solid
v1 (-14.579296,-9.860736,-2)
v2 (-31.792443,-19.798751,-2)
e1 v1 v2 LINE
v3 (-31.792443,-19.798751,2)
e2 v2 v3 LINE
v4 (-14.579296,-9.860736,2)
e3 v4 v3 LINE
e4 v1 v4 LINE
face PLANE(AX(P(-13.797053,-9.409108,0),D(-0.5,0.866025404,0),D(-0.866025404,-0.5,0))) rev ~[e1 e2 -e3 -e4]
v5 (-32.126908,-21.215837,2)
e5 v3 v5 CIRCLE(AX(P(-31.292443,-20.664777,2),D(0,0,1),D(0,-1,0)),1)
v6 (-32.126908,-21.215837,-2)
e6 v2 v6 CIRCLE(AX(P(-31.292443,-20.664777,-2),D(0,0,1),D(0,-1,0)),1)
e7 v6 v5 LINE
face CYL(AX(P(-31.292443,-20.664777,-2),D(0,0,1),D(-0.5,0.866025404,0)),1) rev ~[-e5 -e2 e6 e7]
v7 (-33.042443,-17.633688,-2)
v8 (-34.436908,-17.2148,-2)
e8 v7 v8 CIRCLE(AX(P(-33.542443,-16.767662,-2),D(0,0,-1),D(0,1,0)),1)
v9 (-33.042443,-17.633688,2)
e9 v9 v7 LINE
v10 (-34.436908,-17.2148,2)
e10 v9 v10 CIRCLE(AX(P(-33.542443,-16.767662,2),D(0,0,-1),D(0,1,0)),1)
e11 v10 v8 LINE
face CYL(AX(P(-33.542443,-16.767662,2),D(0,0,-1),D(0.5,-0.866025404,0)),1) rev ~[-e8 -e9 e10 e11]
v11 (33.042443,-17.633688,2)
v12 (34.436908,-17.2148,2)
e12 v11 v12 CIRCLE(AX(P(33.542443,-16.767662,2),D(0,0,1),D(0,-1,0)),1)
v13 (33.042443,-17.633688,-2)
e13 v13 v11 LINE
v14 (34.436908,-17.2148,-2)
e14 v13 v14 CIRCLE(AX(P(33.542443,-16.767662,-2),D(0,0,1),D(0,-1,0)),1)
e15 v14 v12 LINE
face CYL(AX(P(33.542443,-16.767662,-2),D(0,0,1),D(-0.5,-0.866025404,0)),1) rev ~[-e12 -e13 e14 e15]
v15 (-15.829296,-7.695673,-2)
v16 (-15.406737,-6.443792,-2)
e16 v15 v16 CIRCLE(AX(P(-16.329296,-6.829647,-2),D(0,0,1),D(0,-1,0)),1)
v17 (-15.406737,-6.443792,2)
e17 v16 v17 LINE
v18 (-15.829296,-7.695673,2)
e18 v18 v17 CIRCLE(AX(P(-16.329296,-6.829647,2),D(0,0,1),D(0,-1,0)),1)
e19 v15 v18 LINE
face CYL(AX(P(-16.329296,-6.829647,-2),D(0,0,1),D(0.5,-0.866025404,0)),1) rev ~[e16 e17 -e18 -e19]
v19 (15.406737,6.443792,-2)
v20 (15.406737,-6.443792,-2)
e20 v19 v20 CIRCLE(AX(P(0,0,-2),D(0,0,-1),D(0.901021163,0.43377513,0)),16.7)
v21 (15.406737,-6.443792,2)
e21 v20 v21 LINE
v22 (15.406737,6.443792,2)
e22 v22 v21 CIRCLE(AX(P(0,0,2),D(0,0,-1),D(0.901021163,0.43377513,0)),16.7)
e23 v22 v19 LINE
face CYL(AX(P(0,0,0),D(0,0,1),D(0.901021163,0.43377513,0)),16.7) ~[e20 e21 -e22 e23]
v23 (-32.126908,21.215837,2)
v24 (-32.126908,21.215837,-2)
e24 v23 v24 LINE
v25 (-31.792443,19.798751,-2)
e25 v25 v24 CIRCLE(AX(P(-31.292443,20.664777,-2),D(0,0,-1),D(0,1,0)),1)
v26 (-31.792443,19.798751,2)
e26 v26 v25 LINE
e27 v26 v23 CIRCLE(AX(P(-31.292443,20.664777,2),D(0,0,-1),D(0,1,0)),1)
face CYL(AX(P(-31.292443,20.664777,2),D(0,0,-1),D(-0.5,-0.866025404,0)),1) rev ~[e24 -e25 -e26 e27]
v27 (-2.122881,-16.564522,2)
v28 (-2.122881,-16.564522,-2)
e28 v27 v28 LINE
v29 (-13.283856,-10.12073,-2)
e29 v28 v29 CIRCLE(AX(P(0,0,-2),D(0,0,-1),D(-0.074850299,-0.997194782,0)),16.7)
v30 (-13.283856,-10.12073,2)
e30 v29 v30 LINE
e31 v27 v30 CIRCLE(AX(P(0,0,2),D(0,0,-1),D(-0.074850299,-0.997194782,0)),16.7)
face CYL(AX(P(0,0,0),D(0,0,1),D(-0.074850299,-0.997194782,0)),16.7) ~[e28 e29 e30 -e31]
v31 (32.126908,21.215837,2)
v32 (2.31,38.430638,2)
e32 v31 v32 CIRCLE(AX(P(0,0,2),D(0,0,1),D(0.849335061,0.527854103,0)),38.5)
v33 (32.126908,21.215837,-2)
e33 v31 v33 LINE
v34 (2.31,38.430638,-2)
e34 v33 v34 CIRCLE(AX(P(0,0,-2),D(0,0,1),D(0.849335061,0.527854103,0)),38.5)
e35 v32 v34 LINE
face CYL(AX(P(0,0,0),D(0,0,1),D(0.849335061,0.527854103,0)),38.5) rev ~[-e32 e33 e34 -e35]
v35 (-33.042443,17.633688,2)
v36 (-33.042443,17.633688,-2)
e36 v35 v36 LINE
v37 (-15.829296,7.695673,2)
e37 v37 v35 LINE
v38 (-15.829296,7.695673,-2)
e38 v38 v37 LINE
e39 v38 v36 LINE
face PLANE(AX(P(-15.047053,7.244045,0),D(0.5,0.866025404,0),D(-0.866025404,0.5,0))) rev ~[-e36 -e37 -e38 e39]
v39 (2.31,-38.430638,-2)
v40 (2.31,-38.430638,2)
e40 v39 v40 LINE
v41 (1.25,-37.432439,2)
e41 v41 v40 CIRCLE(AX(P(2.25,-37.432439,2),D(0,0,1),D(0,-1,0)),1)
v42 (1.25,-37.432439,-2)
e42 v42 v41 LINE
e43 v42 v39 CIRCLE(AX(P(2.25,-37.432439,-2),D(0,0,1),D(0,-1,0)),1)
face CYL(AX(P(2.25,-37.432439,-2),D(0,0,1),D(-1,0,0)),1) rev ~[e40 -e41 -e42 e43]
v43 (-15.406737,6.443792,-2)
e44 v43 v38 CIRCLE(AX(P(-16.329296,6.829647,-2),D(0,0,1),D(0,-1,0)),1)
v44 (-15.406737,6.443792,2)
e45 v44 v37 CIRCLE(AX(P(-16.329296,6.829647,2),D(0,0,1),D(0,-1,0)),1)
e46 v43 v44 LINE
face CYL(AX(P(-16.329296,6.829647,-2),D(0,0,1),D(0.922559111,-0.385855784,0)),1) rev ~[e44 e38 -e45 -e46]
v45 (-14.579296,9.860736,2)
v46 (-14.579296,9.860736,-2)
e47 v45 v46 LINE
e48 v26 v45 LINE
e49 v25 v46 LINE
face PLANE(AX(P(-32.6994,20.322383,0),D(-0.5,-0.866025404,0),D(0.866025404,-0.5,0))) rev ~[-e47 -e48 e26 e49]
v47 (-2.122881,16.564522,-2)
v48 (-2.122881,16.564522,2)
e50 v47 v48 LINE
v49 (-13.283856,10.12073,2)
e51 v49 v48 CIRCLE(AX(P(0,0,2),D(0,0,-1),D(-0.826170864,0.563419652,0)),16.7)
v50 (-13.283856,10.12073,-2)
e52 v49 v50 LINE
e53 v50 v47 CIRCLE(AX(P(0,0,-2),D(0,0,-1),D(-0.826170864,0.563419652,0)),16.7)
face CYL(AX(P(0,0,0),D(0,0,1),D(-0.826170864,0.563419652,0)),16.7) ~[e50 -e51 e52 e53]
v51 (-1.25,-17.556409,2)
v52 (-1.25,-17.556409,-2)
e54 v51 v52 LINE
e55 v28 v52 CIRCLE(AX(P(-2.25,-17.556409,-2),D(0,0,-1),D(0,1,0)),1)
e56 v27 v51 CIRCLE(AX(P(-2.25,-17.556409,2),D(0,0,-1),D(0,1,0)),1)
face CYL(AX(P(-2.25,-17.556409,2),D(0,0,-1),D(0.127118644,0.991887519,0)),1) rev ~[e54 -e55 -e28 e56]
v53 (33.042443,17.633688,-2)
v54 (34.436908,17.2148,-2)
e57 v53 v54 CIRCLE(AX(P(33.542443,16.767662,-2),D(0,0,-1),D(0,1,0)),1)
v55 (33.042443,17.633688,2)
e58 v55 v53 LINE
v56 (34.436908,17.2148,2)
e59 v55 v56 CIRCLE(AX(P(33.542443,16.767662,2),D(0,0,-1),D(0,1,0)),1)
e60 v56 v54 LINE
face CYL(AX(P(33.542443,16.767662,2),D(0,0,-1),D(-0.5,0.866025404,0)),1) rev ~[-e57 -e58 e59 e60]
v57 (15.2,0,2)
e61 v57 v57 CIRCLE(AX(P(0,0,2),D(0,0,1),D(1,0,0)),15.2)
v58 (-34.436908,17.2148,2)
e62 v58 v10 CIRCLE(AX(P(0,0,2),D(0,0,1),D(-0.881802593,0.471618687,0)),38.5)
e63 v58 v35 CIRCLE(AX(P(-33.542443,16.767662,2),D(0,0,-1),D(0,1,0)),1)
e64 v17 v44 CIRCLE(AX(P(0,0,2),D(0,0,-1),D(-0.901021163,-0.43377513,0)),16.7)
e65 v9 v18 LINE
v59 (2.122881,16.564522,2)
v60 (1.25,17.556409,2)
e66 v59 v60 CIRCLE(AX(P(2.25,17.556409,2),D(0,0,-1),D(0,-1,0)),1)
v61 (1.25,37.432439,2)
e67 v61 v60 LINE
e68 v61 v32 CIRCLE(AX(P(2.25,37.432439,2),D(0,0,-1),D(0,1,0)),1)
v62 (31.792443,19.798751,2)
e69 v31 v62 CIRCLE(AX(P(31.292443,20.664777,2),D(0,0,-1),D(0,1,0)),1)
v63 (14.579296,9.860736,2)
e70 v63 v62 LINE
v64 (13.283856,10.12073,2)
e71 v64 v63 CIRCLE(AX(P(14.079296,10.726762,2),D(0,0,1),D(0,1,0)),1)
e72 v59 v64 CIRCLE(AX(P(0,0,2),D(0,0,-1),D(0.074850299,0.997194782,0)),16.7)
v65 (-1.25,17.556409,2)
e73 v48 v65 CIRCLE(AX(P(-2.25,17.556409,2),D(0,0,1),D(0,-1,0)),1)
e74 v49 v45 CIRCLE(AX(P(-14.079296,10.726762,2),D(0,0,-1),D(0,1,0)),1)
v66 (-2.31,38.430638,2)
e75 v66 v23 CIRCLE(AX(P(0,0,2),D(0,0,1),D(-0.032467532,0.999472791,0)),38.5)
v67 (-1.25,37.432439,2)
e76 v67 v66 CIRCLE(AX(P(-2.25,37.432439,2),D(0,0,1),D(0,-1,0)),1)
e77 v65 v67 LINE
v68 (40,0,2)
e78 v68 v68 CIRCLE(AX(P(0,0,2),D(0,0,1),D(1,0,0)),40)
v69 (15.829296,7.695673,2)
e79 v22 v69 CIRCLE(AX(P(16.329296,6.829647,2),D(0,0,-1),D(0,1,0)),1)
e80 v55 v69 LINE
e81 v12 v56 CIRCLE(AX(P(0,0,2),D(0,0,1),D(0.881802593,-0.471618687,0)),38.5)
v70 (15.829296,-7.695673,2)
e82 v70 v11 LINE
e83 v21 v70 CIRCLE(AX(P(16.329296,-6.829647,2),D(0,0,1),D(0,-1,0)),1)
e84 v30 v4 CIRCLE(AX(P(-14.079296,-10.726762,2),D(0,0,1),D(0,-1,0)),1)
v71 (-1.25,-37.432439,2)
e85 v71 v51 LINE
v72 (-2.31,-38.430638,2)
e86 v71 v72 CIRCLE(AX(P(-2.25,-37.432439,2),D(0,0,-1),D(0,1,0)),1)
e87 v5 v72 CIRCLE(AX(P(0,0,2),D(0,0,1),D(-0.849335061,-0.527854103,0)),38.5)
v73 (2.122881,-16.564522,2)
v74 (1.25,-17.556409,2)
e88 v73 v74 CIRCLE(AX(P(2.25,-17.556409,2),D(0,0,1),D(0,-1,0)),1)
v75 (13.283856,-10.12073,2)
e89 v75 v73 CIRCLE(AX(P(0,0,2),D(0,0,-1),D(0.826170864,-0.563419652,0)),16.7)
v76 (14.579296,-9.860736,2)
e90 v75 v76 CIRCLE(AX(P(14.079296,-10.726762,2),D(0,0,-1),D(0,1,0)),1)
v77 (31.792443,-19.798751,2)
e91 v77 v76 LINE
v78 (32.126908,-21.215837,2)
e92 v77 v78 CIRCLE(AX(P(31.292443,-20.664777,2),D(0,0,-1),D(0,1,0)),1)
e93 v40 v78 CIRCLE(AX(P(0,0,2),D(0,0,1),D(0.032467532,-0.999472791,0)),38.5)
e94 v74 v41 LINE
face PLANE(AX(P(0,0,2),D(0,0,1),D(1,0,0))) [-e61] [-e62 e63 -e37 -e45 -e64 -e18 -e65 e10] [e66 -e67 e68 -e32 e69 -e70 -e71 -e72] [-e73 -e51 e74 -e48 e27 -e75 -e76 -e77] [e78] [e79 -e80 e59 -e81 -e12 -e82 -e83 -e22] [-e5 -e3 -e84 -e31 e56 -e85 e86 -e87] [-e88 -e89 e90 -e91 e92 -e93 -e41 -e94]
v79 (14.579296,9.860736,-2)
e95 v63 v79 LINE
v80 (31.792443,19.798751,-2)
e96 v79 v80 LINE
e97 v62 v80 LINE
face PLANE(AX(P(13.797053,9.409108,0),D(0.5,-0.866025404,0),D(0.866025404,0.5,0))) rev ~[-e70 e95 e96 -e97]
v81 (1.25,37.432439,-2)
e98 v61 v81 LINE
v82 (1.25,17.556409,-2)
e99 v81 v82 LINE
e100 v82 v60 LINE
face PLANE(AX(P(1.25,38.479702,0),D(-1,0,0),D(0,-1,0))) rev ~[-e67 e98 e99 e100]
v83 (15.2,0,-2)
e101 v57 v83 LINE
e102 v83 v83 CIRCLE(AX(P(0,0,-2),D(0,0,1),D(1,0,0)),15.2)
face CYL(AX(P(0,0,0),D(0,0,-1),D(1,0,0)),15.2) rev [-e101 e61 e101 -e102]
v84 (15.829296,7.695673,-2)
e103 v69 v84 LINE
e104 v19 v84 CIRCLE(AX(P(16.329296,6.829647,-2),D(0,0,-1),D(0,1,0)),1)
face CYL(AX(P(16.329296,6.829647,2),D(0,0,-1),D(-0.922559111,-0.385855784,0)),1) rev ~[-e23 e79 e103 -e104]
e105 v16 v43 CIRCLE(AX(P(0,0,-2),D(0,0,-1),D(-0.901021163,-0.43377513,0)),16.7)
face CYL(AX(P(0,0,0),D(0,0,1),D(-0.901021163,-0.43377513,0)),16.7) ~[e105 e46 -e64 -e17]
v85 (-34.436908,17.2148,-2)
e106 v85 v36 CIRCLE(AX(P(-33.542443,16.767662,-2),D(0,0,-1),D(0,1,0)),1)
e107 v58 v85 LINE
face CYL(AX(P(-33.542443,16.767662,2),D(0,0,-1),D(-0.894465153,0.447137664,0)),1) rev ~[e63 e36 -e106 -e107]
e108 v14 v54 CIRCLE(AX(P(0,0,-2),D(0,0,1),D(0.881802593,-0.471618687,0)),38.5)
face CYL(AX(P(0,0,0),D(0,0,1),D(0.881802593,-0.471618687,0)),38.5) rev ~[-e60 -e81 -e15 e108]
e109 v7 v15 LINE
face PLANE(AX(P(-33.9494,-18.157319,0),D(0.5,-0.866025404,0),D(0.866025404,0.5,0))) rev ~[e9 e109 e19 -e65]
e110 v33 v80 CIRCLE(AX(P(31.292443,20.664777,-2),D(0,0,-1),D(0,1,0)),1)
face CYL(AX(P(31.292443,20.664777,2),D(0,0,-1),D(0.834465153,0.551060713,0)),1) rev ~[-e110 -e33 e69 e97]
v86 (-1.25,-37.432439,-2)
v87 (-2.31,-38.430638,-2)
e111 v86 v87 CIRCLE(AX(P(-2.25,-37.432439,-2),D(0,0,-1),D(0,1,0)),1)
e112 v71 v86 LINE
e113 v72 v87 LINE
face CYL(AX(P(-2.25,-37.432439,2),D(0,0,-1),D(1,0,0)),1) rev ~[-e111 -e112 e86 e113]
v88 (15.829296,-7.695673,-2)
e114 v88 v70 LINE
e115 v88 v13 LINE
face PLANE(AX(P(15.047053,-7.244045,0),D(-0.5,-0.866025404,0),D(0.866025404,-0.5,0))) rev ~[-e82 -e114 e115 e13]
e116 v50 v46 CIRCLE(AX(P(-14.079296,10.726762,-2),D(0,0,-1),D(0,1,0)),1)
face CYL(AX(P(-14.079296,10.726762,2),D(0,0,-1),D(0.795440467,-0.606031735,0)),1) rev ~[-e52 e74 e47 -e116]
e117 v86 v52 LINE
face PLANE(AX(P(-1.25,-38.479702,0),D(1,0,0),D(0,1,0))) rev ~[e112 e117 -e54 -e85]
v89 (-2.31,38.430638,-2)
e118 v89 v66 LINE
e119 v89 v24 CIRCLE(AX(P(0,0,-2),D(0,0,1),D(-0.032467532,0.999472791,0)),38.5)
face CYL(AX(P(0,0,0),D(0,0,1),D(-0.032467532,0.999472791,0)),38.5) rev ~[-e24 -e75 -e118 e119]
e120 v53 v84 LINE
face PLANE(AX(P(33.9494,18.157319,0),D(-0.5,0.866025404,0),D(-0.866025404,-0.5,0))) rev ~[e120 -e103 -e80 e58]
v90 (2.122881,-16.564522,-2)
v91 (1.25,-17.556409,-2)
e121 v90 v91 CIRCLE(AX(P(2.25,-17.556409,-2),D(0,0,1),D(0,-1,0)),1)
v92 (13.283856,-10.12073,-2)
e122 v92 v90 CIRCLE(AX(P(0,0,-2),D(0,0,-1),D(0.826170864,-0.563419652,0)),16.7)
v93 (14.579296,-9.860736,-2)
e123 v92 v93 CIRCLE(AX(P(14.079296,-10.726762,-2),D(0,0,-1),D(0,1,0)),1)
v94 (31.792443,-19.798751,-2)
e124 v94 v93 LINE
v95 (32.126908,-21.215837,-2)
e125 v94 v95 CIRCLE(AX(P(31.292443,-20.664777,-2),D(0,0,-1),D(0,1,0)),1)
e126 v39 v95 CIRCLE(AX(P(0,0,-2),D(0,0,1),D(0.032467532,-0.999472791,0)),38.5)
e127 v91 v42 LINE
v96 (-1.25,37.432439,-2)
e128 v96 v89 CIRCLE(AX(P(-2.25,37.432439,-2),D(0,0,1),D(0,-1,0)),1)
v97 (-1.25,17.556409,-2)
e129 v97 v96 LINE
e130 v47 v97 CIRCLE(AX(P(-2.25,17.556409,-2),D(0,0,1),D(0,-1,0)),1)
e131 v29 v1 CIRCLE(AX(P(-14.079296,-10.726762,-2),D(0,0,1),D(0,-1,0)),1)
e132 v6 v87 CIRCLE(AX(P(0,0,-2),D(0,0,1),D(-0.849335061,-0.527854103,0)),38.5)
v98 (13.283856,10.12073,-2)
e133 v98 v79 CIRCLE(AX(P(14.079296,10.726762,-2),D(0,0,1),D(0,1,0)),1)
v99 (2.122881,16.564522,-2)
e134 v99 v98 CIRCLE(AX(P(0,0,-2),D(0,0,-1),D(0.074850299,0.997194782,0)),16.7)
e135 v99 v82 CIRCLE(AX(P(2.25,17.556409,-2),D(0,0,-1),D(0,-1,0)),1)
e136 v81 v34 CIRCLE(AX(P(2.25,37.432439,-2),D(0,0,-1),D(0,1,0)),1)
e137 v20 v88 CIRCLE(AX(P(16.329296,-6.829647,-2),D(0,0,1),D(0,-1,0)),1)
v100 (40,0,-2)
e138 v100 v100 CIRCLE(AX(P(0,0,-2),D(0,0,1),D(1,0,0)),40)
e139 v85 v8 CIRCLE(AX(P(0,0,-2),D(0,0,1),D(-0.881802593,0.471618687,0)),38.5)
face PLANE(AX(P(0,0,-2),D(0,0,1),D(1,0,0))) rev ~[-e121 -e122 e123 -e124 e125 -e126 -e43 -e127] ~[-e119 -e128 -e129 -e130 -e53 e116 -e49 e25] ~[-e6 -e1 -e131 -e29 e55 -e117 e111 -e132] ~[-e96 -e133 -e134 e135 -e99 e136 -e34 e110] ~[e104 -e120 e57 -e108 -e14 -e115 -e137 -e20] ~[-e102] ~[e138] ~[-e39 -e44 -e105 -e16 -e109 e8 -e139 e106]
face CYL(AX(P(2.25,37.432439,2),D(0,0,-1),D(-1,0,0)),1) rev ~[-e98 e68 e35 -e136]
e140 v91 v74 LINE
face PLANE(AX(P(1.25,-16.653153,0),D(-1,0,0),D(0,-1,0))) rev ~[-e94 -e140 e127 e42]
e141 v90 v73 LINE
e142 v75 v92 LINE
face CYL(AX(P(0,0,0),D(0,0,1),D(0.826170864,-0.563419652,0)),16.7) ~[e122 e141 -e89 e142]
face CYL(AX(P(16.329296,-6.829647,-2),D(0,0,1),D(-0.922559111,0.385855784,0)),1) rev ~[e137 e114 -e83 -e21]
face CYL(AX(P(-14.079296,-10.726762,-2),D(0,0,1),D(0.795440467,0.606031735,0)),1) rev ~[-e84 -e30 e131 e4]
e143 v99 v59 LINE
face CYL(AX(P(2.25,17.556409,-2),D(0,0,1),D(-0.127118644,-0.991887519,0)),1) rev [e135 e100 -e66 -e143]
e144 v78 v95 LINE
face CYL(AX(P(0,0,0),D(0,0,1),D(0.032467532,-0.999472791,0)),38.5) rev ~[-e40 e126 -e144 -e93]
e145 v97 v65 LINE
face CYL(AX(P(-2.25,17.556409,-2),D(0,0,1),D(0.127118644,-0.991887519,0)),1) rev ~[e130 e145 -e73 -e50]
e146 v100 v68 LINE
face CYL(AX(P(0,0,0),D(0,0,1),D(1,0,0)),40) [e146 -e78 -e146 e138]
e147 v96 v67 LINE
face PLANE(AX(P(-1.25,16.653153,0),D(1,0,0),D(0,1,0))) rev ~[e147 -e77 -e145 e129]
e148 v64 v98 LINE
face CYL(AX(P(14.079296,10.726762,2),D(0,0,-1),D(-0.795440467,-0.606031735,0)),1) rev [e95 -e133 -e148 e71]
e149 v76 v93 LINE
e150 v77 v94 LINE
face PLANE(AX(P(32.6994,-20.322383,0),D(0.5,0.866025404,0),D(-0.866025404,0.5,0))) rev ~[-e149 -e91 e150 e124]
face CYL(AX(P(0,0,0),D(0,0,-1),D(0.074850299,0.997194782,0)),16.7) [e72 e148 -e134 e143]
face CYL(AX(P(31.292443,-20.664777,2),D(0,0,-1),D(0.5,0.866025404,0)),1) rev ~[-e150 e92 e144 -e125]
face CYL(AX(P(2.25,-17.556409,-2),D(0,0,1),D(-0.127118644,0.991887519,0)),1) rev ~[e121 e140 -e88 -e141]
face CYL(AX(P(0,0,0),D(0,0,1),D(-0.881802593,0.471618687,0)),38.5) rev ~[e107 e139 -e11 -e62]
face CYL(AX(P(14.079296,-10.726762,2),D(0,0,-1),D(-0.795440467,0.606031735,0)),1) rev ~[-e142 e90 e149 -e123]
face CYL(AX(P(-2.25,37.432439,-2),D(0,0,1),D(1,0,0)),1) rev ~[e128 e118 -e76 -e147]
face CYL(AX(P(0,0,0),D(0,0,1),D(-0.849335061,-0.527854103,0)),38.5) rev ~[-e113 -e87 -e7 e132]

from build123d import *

# Parameters (mm, degrees)
SKETCH1_R           = 40
SKETCH1_R_2         = 15.2
BOSS_EXTRUDE1_DEPTH = 2
FILLET2_R           = 1


with BuildPart() as part:
    # Sketch1 → Boss-Extrude1 (new, symmetric)
    with BuildSketch(Plane.XY):
        Circle(SKETCH1_R)
        Circle(SKETCH1_R_2, mode=Mode.SUBTRACT)
        with BuildLine():
            ThreePointArc((1.25, -38.479702442), (19.25, -33.341978046), (32.699399845, -20.322382976))
            Line((32.699399845, -20.322382976), (13.797053425, -9.409108182))
            ThreePointArc((13.797053425, -9.409108182), (8.35, -14.462624243), (1.25, -16.653152855))
            Line((1.25, -16.653152855), (1.25, -38.479702442))
        make_face(mode=Mode.SUBTRACT)
        with BuildLine():
            ThreePointArc((33.949399845, -18.157319466), (38.5, 0), (33.949399845, 18.157319466))
            Line((33.949399845, 18.157319466), (15.047053425, 7.244044673))
            ThreePointArc((15.047053425, 7.244044673), (16.7, 0), (15.047053425, -7.244044673))
            Line((15.047053425, -7.244044673), (33.949399845, -18.157319466))
        make_face(mode=Mode.SUBTRACT)
        with BuildLine():
            ThreePointArc((-1.25, 38.479702442), (-19.25, 33.341978046), (-32.699399845, 20.322382976))
            Line((-32.699399845, 20.322382976), (-13.797053425, 9.409108182))
            ThreePointArc((-13.797053425, 9.409108182), (-8.35, 14.462624243), (-1.25, 16.653152855))
            Line((-1.25, 16.653152855), (-1.25, 38.479702442))
        make_face(mode=Mode.SUBTRACT)
        with BuildLine():
            ThreePointArc((-32.699399845, -20.322382976), (-19.25, -33.341978046), (-1.25, -38.479702442))
            Line((-1.25, -38.479702442), (-1.25, -16.653152855))
            ThreePointArc((-1.25, -16.653152855), (-8.35, -14.462624243), (-13.797053425, -9.409108182))
            Line((-13.797053425, -9.409108182), (-32.699399845, -20.322382976))
        make_face(mode=Mode.SUBTRACT)
        with BuildLine():
            Line((-15.047053425, 7.244044673), (-33.949399845, 18.157319466))
            ThreePointArc((-33.949399845, 18.157319466), (-38.5, 0), (-33.949399845, -18.157319466))
            Line((-33.949399845, -18.157319466), (-15.047053425, -7.244044673))
            ThreePointArc((-15.047053425, -7.244044673), (-16.7, 0), (-15.047053425, 7.244044673))
        make_face(mode=Mode.SUBTRACT)
        with BuildLine():
            Line((13.797053425, 9.409108182), (32.699399845, 20.322382976))
            ThreePointArc((32.699399845, 20.322382976), (19.25, 33.341978046), (1.25, 38.479702442))
            Line((1.25, 38.479702442), (1.25, 16.653152855))
            ThreePointArc((1.25, 16.653152855), (8.35, 14.462624243), (13.797053425, 9.409108182))
        make_face(mode=Mode.SUBTRACT)
    extrude(amount=BOSS_EXTRUDE1_DEPTH, both=True)

    # Fillet2
    fillet2_edges = [part.edges().sort_by_distance(p)[0] for p in [
        (32.699399845, 20.322382976, 0),
        (1.25, 38.479702442, 0),
        (1.25, 16.653152855, 0),
        (13.797053425, 9.409108182, 0),
        (-33.949399845, 18.157319466, 0),
        (-33.949399845, -18.157319466, 0),
        (-15.047053425, -7.244044673, 0),
        (-15.047053425, 7.244044673, 0),
        (-1.25, -38.479702442, 0),
        (-1.25, -16.653152855, 0),
        (-13.797053425, -9.409108182, 0),
        (-32.699399845, -20.322382976, 0),
        (-32.699399845, 20.322382976, 0),
        (-13.797053425, 9.409108182, 0),
        (-1.25, 16.653152855, 0),
        (-1.25, 38.479702442, 0),
        (33.949399845, 18.157319466, 0),
        (15.047053425, 7.244044673, 0),
        (15.047053425, -7.244044673, 0),
        (33.949399845, -18.157319466, 0),
        (32.699399845, -20.322382976, 0),
        (13.797053425, -9.409108182, 0),
        (1.25, -16.653152855, 0),
        (1.25, -38.479702442, 0),
    ]]
    fillet(fillet2_edges, radius=FILLET2_R)


solid = part.part
